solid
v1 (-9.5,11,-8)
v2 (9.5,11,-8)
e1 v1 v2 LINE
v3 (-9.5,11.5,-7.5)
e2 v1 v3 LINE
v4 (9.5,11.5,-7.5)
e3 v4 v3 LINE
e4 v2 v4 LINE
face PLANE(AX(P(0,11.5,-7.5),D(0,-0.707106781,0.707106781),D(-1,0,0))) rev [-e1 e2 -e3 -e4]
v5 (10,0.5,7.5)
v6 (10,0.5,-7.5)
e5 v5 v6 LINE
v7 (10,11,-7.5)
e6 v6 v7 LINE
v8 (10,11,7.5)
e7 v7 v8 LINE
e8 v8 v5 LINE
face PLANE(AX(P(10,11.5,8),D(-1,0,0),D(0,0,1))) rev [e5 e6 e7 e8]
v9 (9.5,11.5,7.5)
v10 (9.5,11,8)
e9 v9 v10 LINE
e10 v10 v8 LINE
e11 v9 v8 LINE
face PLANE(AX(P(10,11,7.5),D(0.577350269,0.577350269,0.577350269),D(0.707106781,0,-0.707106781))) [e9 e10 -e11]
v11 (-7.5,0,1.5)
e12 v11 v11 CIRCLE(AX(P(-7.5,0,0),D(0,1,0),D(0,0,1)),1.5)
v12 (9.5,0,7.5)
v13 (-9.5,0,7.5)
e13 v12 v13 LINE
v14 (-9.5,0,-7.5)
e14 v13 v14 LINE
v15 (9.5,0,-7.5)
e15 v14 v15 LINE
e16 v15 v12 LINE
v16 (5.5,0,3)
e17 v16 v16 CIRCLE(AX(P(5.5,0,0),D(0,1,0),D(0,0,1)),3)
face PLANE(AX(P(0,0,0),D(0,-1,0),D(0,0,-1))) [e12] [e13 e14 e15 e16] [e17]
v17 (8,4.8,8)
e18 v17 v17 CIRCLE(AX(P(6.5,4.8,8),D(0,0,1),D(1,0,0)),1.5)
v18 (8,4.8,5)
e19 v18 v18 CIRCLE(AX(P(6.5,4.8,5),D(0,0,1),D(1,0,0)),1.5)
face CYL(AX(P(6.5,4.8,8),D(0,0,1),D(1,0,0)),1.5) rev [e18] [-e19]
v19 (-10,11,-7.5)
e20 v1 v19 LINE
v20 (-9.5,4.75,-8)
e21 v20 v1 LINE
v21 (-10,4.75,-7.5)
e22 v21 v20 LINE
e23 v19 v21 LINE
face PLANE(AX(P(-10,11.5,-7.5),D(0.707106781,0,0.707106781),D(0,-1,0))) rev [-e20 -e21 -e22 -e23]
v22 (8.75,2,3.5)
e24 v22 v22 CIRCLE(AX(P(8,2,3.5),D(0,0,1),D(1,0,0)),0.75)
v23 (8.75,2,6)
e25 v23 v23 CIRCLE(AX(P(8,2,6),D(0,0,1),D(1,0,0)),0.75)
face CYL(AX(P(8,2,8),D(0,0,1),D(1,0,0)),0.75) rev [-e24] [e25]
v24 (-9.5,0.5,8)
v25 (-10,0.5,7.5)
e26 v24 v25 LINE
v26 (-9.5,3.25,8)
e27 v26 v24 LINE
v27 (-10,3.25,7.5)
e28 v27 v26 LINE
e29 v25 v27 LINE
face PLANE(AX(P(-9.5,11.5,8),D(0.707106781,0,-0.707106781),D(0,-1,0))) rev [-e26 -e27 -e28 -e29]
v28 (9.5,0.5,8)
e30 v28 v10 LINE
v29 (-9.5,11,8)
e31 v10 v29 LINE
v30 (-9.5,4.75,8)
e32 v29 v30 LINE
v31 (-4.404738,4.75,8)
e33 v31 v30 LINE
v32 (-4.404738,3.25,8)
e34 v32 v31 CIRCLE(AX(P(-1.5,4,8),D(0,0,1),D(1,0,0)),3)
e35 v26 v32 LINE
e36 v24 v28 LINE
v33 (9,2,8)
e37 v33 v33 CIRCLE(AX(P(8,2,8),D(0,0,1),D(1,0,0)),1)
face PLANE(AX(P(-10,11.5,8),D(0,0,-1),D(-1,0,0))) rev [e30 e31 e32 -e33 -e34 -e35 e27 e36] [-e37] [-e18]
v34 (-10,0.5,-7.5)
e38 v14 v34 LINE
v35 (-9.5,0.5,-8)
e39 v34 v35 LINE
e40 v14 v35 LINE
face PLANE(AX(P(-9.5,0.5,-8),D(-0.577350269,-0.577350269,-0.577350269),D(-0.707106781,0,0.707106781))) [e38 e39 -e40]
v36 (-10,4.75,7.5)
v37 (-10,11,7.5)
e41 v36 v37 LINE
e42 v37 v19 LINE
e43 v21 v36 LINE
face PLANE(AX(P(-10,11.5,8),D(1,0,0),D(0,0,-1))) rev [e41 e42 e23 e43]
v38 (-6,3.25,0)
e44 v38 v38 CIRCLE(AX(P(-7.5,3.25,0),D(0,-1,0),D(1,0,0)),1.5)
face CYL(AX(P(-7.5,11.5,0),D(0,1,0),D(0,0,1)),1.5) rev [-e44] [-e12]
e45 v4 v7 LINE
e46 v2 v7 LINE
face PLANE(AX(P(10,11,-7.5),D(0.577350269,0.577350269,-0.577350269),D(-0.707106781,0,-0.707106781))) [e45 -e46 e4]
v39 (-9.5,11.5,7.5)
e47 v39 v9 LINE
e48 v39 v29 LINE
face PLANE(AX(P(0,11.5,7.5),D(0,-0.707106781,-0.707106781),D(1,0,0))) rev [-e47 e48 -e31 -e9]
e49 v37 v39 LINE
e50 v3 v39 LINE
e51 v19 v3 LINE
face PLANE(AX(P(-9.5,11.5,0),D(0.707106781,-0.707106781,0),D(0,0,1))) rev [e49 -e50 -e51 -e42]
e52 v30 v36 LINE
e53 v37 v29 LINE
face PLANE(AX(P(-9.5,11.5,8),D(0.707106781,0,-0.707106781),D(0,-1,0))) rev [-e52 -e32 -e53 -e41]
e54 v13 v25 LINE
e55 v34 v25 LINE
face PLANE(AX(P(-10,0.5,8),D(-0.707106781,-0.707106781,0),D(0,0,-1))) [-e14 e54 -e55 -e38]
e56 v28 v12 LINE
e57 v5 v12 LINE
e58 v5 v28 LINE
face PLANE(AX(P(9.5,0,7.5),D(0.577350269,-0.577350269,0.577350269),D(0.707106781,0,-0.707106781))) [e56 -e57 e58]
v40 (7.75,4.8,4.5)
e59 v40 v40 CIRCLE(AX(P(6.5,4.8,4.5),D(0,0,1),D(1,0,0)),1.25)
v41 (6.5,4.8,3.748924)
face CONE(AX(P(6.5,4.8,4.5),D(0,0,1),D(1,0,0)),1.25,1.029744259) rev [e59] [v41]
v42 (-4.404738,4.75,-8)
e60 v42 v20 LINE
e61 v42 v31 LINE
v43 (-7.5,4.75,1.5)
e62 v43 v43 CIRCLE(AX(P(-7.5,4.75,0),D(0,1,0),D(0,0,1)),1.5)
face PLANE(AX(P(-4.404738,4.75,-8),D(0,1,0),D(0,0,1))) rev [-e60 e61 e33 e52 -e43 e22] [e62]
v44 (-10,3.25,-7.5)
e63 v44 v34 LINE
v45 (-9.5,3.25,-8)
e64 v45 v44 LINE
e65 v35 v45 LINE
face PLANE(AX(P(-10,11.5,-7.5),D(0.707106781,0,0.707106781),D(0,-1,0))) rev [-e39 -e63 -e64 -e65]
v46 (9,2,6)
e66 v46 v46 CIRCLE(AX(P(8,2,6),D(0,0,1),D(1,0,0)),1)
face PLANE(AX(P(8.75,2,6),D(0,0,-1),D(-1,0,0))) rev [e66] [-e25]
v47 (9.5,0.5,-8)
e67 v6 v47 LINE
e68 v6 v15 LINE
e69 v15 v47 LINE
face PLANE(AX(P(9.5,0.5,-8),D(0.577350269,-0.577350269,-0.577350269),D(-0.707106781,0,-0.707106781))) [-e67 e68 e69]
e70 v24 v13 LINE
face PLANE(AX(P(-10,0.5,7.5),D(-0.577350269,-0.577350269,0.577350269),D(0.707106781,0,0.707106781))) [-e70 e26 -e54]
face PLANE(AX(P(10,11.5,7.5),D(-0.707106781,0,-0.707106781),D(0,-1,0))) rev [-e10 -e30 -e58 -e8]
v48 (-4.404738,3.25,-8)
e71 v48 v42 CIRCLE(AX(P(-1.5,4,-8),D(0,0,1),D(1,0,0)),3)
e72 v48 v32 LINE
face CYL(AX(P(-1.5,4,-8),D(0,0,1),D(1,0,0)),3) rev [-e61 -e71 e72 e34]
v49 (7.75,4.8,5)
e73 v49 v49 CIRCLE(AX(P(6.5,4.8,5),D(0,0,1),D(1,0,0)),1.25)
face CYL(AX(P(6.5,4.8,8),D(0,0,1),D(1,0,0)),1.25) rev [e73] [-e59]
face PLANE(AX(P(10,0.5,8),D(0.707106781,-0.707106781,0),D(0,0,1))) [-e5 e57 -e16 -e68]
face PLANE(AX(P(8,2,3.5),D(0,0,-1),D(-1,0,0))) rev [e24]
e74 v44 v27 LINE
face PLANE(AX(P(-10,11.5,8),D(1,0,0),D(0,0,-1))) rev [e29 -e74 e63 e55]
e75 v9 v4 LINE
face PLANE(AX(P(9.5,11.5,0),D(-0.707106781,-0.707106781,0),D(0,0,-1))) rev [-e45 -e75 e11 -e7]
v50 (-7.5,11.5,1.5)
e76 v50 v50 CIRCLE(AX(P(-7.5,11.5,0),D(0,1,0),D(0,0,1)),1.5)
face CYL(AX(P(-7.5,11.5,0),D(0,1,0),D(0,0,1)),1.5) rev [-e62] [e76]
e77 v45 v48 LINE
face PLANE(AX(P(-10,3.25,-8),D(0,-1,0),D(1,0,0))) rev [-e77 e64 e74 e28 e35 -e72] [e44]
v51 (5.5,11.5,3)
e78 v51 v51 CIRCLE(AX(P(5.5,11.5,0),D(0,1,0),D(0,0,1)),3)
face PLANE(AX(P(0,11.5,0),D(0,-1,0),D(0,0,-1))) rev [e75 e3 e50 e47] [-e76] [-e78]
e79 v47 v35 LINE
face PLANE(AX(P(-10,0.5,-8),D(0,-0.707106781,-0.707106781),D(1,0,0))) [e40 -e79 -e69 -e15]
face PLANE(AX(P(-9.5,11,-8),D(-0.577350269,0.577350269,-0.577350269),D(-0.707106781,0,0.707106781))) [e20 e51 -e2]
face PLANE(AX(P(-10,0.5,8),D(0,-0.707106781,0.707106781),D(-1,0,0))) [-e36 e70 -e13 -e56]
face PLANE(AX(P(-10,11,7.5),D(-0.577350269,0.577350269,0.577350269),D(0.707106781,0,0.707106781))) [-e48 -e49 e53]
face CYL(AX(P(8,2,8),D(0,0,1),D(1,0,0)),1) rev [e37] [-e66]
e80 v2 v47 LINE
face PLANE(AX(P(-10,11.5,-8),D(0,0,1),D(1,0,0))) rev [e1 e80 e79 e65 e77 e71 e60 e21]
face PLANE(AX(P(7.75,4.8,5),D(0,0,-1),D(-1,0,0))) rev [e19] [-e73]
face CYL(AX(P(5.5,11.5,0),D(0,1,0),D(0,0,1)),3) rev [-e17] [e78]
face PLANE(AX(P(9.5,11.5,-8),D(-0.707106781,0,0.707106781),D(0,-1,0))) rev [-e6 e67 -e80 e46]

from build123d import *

# Parameters (mm, degrees)
SKETCH1_W                   = 20
SKETCH1_H                   = 16
BOSS_EXTRUDE1_DEPTH         = 11.5
CUT_EXTRUDE1_DEPTH          = 23.096379794
M3_TAPPED_HOLE1_D           = 2.5
M3_TAPPED_HOLE1_DEPTH       = 3.5
M3_TAPPED_HOLE1_CBORE_D     = 3
M3_TAPPED_HOLE1_CBORE_DEPTH = 3
M3_TAPPED_HOLE1_TIP         = 0.751075774
HOLE1_D                     = 1.5
HOLE1_DEPTH                 = 4.5
HOLE1_CBORE_D               = 2
HOLE1_CBORE_DEPTH           = 2
M6_TAPPED_HOLE1_D           = 6
M3_TAPPED_HOLE2_D           = 3
CHAMFER1_SIZE               = 0.5


with BuildPart() as part:
    # Sketch1 → Boss-Extrude1 (new body)
    with BuildSketch(Plane(origin=(0, 0, 0), x_dir=(1, 0, 0), z_dir=(0, 1, 0))):
        Rectangle(SKETCH1_W, SKETCH1_H)
    extrude(amount=BOSS_EXTRUDE1_DEPTH)

    # Sketch2 → Cut-Extrude1 (cut, through all)
    with BuildSketch(Plane.XY.offset(8)):
        with BuildLine():
            Line((-4.40473751, 4.75), (-10, 4.75))
            Line((-10, 4.75), (-10, 4))
            Line((-10, 4), (-10, 3.25))
            Line((-10, 3.25), (-4.40473751, 3.25))
            ThreePointArc((-4.40473751, 3.25), (1.5, 4), (-4.40473751, 4.75))
        make_face()
    extrude(amount=-CUT_EXTRUDE1_DEPTH, mode=Mode.SUBTRACT)

    # M3 Tapped Hole1
    with Locations(Plane.XY.offset(8)):
        with Locations((6.5, 4.8)):
            CounterBoreHole(M3_TAPPED_HOLE1_D / 2, M3_TAPPED_HOLE1_CBORE_D / 2, M3_TAPPED_HOLE1_CBORE_DEPTH, depth=M3_TAPPED_HOLE1_DEPTH)
            with Locations((0, 0, -(M3_TAPPED_HOLE1_DEPTH + M3_TAPPED_HOLE1_TIP / 2))):  # 118° drill point
                Cone(0, M3_TAPPED_HOLE1_D / 2, M3_TAPPED_HOLE1_TIP, mode=Mode.SUBTRACT)

    # Hole1
    with Locations(Plane.XY.offset(8)):
        with Locations((8, 2)):
            CounterBoreHole(HOLE1_D / 2, HOLE1_CBORE_D / 2, HOLE1_CBORE_DEPTH, depth=HOLE1_DEPTH)

    # M6 Tapped Hole1 (through all)
    with Locations(Plane(origin=(0, 11.5, 0), x_dir=(1, 0, 0), z_dir=(0, 1, 0))):
        with Locations((5.5, 0)):
            Hole(M6_TAPPED_HOLE1_D / 2)

    # M3 Tapped Hole2 (through all)
    with Locations(Plane(origin=(0, 11.5, 0), x_dir=(1, 0, 0), z_dir=(0, 1, 0))):
        with Locations((-7.5, 0)):
            Hole(M3_TAPPED_HOLE2_D / 2)

    # Chamfer1
    chamfer1_edges = [part.edges().sort_by_distance(p)[0] for p in [
        (-10, 11.5, 0),
        (0, 11.5, 8),
        (-10, 1.625, 8),
        (-10, 1.625, -8),
        (10, 11.5, 0),
        (0, 0, 8),
        (-10, 0, 0),
        (0, 0, -8),
        (10, 0, 0),
        (0, 11.5, -8),
        (10, 5.75, 8),
        (-10, 8.125, 8),
        (-10, 8.125, -8),
        (10, 5.75, -8),
    ]]
    chamfer(chamfer1_edges, length=CHAMFER1_SIZE)


solid = part.part
